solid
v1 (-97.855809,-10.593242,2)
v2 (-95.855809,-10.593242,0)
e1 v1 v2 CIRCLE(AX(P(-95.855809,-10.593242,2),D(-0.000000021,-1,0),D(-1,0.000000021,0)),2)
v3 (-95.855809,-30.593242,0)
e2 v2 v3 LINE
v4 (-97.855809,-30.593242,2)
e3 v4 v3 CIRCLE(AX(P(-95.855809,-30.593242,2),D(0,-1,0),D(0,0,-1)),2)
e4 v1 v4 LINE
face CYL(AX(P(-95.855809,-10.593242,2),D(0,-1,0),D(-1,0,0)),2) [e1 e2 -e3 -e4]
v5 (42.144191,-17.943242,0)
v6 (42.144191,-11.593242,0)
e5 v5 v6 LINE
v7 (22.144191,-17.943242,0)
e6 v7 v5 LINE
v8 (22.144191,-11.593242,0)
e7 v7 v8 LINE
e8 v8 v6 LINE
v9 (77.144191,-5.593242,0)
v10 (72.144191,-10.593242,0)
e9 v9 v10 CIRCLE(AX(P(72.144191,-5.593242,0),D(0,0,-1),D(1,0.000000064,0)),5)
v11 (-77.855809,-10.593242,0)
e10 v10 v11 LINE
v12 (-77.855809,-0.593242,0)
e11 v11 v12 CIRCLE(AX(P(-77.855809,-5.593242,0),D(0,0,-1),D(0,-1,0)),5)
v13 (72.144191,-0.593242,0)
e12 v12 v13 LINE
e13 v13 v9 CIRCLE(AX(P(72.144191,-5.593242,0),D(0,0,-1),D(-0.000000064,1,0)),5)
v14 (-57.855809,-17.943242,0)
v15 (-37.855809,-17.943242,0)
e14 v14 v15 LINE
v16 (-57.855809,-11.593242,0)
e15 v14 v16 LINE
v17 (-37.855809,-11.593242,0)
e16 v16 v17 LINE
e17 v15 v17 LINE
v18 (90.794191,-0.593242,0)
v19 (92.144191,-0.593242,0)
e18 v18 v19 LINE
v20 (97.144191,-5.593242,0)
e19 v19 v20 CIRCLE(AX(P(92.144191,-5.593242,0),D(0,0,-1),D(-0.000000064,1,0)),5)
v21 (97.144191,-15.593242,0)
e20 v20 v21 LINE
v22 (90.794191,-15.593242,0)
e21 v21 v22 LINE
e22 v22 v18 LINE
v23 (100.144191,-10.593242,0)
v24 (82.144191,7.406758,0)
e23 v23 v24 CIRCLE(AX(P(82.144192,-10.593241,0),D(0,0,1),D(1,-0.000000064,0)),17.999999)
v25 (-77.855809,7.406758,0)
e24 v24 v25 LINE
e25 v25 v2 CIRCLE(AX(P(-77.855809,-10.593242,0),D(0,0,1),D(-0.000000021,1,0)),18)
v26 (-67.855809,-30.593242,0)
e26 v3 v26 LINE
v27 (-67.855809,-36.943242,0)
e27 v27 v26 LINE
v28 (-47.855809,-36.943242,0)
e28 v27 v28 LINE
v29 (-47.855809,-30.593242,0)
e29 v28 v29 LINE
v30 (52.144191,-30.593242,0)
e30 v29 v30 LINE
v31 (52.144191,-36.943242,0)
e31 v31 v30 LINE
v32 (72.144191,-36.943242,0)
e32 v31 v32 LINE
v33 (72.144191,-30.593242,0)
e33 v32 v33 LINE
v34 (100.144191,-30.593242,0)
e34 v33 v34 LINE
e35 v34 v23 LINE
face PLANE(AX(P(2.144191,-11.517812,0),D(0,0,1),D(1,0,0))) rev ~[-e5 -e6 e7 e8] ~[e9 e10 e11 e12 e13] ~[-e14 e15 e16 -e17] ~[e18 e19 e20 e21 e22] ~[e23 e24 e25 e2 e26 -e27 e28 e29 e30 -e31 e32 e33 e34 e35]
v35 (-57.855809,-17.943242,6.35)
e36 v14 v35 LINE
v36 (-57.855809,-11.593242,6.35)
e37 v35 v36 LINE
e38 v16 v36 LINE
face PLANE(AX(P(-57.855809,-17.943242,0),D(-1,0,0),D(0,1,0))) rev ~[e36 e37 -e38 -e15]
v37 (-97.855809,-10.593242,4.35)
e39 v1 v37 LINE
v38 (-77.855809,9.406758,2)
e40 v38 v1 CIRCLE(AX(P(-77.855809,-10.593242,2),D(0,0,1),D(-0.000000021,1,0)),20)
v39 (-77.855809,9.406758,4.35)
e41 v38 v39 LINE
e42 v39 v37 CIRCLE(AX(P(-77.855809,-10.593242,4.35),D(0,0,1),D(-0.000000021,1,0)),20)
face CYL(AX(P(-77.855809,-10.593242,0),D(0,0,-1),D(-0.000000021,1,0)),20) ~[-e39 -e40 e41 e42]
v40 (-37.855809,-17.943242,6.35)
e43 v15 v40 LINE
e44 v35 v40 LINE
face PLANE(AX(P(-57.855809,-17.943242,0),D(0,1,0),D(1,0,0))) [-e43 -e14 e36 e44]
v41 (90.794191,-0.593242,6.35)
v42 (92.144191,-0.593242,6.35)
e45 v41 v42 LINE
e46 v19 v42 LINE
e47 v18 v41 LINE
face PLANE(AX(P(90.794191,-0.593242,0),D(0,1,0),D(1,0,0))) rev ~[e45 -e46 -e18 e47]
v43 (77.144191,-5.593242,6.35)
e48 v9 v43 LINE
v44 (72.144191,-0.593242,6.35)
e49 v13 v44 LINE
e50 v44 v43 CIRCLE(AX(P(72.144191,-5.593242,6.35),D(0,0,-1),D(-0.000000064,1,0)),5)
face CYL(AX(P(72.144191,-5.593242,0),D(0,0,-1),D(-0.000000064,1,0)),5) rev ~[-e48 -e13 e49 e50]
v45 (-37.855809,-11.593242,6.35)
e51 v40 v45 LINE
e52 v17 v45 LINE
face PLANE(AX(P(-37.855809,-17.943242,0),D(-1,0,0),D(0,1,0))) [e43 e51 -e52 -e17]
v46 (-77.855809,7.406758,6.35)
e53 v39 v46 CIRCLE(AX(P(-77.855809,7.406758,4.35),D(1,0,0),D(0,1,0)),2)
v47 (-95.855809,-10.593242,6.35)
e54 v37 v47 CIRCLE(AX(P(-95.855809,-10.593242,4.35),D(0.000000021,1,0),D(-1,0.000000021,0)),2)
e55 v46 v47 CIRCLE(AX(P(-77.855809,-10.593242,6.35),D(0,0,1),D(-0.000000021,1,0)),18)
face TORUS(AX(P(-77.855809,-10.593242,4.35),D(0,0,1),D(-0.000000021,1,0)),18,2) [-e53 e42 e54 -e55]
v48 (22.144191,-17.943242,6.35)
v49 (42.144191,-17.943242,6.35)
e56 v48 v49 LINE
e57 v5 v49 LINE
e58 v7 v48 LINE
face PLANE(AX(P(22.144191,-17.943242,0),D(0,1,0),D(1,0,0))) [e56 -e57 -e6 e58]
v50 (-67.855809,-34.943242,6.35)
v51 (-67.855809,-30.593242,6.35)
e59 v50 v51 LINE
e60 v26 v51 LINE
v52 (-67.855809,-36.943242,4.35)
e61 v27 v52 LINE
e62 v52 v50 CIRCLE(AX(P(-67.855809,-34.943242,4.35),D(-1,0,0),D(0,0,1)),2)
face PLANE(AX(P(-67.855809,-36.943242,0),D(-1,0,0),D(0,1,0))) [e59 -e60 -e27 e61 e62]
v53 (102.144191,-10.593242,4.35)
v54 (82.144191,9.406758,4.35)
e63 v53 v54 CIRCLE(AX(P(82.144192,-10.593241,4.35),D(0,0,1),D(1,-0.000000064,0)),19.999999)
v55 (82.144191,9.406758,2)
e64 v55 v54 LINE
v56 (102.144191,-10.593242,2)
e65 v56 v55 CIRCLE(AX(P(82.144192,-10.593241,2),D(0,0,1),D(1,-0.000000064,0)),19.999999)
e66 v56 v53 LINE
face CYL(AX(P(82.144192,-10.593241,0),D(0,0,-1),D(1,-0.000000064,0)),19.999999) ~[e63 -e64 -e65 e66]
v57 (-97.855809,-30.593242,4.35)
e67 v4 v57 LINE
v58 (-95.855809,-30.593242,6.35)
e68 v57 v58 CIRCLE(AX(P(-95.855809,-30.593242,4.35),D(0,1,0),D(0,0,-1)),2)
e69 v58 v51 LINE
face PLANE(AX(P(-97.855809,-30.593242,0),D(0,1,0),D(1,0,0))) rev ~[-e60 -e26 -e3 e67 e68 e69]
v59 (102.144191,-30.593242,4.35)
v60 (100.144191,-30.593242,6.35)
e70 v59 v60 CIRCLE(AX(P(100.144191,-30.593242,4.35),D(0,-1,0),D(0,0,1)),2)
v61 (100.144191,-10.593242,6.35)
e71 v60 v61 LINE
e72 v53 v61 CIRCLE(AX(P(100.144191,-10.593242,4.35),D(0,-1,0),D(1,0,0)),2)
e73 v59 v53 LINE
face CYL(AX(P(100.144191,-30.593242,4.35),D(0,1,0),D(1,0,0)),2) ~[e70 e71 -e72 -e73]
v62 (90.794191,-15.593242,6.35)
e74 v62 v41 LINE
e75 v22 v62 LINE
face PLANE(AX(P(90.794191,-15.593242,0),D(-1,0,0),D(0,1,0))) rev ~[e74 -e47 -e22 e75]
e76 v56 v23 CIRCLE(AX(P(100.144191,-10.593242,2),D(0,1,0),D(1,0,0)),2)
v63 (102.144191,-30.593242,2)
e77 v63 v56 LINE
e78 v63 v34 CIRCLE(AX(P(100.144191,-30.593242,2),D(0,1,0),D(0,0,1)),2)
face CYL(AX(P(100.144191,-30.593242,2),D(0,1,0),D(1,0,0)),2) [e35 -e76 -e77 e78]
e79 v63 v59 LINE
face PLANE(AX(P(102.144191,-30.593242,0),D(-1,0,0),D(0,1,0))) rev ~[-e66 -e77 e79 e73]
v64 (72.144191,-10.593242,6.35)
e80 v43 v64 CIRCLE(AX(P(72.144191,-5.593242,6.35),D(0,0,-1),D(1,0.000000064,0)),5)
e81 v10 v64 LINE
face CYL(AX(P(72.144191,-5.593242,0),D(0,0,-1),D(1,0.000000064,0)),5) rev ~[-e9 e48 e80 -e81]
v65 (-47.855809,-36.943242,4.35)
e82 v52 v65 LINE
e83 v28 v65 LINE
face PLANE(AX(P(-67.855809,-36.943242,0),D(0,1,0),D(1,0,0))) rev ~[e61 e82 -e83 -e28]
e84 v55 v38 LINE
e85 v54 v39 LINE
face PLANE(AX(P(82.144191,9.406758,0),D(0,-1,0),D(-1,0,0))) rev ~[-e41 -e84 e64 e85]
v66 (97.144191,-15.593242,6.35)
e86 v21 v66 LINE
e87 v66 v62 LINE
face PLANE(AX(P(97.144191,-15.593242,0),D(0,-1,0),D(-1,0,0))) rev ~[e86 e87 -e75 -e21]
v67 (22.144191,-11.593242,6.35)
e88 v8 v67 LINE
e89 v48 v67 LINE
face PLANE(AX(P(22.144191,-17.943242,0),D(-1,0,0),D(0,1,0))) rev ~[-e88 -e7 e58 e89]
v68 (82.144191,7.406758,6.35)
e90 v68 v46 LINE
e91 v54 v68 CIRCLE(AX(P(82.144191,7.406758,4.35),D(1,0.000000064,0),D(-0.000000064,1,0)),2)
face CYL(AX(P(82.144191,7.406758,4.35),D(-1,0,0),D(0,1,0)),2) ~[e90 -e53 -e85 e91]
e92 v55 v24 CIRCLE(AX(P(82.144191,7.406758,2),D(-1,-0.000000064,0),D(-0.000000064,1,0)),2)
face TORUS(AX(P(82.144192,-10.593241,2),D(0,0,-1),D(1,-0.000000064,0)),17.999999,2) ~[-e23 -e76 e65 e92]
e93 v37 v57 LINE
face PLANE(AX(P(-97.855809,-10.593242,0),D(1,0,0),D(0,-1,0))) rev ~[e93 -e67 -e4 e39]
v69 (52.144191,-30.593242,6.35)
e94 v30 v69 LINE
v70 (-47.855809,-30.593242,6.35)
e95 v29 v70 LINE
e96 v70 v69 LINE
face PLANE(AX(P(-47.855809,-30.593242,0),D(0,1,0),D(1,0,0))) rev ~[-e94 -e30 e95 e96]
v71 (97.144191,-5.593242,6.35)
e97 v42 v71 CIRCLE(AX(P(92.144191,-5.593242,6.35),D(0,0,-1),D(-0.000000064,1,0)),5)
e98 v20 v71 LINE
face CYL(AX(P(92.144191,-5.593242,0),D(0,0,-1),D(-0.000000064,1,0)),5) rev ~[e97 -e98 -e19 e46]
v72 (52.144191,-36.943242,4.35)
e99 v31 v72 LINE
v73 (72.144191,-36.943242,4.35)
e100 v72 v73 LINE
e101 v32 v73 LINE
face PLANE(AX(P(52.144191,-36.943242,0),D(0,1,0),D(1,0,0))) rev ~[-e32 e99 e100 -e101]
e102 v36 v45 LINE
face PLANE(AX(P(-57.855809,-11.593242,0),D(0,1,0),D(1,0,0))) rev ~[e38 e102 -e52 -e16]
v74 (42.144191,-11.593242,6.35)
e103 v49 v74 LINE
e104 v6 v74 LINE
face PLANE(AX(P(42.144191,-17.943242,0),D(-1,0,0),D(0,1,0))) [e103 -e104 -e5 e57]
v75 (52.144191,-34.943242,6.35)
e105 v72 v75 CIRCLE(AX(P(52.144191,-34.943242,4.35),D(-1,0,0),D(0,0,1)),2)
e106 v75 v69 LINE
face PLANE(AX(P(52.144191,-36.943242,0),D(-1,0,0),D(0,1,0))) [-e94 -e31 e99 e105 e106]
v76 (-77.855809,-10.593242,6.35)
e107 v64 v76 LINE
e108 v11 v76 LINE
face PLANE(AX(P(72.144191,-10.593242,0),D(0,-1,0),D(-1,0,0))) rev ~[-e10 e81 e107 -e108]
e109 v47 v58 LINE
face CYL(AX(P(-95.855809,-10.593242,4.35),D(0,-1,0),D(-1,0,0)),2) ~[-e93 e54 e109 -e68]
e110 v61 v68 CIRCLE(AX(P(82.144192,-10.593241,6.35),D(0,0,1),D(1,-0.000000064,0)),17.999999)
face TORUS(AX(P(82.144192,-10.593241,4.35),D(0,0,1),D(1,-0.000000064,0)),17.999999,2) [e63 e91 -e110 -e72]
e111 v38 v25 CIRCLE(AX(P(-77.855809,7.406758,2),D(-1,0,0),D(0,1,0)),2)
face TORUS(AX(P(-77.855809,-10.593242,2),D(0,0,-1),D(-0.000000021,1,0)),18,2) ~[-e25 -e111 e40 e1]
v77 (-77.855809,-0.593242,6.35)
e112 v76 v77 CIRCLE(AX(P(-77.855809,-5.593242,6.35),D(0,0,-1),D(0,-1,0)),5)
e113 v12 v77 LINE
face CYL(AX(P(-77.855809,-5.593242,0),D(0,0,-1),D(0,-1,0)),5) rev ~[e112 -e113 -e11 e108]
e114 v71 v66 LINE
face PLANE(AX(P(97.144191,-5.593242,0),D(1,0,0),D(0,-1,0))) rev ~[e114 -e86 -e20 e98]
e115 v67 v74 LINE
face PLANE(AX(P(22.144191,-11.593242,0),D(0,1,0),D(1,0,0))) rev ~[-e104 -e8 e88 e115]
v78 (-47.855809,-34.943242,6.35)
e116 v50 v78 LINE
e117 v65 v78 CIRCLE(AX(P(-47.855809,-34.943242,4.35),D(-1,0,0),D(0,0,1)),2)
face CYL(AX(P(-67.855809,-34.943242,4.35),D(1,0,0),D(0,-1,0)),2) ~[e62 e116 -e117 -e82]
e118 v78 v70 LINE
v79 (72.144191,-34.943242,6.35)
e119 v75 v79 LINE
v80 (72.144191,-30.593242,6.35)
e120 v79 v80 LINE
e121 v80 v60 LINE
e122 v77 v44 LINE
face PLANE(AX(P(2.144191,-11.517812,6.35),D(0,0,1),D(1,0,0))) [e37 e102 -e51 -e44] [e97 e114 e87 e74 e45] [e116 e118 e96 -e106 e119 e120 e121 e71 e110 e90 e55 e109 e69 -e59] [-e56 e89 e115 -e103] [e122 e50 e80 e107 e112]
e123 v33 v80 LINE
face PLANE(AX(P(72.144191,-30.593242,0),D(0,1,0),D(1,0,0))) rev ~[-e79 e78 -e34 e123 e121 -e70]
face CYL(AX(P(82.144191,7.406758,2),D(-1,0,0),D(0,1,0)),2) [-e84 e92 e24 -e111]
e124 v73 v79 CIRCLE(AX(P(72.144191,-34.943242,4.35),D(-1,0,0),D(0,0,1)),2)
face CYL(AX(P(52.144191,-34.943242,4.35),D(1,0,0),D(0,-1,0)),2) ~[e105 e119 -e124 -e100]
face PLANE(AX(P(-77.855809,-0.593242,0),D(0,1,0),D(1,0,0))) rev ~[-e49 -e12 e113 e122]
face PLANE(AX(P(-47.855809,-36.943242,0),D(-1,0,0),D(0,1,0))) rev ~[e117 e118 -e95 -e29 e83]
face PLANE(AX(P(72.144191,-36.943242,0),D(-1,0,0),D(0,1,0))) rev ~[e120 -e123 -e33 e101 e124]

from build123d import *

# Parameters (mm, degrees)
F0_W     = 20
F0_H     = 6.35
F1_DEPTH = 6.35
F2_R     = 2


with BuildPart() as f1:
    # F0 (on Top) → F1 (new body)
    with BuildSketch(Plane.XY):
        with BuildLine():
            Line((82.144191, 9.406758), (-77.855809, 9.406758))
            ThreePointArc((-77.855809, 9.406758), (-91.997944, 3.548894), (-97.855809, -10.593242))
            Line((-97.855809, -10.593242), (-97.855809, -30.593242))
            Line((-97.855809, -30.593242), (-67.855809, -30.593242))
            Line((-67.855809, -30.593242), (-47.855809, -30.593242))
            Line((-47.855809, -30.593242), (52.144191, -30.593242))
            Line((52.144191, -30.593242), (72.144191, -30.593242))
            Line((72.144191, -30.593242), (102.144191, -30.593242))
            Line((102.144191, -30.593242), (102.144191, -10.593242))
            ThreePointArc((102.144191, -10.593242), (96.286327, 3.548894), (82.144191, 9.406758))
        make_face()
        with Locations((-47.855809, -14.768242)):
            Rectangle(F0_W, F0_H, mode=Mode.SUBTRACT)
        with Locations((32.144191, -14.768242)):
            Rectangle(F0_W, F0_H, mode=Mode.SUBTRACT)
        with BuildLine():
            ThreePointArc((-77.855809, -10.593242), (-82.855809, -5.593242), (-77.855809, -0.593242))
            Line((-77.855809, -0.593242), (72.144191, -0.593242))
            ThreePointArc((72.144191, -0.593242), (75.679725, -2.057708), (77.144191, -5.593242))
            ThreePointArc((77.144191, -5.593242), (75.679725, -9.128776), (72.144191, -10.593242))
            Line((72.144191, -10.593242), (-77.855809, -10.593242))
        make_face(mode=Mode.SUBTRACT)
        with BuildLine():
            Line((90.794191, -15.593242), (90.794191, -0.593242))
            Line((90.794191, -0.593242), (92.144191, -0.593242))
            ThreePointArc((92.144191, -0.593242), (95.679725, -2.057708), (97.144191, -5.593242))
            Line((97.144191, -5.593242), (97.144191, -15.593242))
            Line((97.144191, -15.593242), (90.794191, -15.593242))
        make_face(mode=Mode.SUBTRACT)
        with Locations((-57.855809, -33.768242)):
            Rectangle(F0_W, F0_H)
        with Locations((62.144191, -33.768242)):
            Rectangle(F0_W, F0_H)
    extrude(amount=F1_DEPTH)

    # F2
    f2_edges = [f1.edges().sort_by_distance(p)[0] for p in [
        (-57.855809, -36.943242, 6.35),
        (62.144191, -36.943242, 6.35),
        (-91.997944, 3.548894, 6.35),
        (2.144191, 9.406758, 0),
    ]]
    fillet(f2_edges, radius=F2_R)


solid = f1.part
